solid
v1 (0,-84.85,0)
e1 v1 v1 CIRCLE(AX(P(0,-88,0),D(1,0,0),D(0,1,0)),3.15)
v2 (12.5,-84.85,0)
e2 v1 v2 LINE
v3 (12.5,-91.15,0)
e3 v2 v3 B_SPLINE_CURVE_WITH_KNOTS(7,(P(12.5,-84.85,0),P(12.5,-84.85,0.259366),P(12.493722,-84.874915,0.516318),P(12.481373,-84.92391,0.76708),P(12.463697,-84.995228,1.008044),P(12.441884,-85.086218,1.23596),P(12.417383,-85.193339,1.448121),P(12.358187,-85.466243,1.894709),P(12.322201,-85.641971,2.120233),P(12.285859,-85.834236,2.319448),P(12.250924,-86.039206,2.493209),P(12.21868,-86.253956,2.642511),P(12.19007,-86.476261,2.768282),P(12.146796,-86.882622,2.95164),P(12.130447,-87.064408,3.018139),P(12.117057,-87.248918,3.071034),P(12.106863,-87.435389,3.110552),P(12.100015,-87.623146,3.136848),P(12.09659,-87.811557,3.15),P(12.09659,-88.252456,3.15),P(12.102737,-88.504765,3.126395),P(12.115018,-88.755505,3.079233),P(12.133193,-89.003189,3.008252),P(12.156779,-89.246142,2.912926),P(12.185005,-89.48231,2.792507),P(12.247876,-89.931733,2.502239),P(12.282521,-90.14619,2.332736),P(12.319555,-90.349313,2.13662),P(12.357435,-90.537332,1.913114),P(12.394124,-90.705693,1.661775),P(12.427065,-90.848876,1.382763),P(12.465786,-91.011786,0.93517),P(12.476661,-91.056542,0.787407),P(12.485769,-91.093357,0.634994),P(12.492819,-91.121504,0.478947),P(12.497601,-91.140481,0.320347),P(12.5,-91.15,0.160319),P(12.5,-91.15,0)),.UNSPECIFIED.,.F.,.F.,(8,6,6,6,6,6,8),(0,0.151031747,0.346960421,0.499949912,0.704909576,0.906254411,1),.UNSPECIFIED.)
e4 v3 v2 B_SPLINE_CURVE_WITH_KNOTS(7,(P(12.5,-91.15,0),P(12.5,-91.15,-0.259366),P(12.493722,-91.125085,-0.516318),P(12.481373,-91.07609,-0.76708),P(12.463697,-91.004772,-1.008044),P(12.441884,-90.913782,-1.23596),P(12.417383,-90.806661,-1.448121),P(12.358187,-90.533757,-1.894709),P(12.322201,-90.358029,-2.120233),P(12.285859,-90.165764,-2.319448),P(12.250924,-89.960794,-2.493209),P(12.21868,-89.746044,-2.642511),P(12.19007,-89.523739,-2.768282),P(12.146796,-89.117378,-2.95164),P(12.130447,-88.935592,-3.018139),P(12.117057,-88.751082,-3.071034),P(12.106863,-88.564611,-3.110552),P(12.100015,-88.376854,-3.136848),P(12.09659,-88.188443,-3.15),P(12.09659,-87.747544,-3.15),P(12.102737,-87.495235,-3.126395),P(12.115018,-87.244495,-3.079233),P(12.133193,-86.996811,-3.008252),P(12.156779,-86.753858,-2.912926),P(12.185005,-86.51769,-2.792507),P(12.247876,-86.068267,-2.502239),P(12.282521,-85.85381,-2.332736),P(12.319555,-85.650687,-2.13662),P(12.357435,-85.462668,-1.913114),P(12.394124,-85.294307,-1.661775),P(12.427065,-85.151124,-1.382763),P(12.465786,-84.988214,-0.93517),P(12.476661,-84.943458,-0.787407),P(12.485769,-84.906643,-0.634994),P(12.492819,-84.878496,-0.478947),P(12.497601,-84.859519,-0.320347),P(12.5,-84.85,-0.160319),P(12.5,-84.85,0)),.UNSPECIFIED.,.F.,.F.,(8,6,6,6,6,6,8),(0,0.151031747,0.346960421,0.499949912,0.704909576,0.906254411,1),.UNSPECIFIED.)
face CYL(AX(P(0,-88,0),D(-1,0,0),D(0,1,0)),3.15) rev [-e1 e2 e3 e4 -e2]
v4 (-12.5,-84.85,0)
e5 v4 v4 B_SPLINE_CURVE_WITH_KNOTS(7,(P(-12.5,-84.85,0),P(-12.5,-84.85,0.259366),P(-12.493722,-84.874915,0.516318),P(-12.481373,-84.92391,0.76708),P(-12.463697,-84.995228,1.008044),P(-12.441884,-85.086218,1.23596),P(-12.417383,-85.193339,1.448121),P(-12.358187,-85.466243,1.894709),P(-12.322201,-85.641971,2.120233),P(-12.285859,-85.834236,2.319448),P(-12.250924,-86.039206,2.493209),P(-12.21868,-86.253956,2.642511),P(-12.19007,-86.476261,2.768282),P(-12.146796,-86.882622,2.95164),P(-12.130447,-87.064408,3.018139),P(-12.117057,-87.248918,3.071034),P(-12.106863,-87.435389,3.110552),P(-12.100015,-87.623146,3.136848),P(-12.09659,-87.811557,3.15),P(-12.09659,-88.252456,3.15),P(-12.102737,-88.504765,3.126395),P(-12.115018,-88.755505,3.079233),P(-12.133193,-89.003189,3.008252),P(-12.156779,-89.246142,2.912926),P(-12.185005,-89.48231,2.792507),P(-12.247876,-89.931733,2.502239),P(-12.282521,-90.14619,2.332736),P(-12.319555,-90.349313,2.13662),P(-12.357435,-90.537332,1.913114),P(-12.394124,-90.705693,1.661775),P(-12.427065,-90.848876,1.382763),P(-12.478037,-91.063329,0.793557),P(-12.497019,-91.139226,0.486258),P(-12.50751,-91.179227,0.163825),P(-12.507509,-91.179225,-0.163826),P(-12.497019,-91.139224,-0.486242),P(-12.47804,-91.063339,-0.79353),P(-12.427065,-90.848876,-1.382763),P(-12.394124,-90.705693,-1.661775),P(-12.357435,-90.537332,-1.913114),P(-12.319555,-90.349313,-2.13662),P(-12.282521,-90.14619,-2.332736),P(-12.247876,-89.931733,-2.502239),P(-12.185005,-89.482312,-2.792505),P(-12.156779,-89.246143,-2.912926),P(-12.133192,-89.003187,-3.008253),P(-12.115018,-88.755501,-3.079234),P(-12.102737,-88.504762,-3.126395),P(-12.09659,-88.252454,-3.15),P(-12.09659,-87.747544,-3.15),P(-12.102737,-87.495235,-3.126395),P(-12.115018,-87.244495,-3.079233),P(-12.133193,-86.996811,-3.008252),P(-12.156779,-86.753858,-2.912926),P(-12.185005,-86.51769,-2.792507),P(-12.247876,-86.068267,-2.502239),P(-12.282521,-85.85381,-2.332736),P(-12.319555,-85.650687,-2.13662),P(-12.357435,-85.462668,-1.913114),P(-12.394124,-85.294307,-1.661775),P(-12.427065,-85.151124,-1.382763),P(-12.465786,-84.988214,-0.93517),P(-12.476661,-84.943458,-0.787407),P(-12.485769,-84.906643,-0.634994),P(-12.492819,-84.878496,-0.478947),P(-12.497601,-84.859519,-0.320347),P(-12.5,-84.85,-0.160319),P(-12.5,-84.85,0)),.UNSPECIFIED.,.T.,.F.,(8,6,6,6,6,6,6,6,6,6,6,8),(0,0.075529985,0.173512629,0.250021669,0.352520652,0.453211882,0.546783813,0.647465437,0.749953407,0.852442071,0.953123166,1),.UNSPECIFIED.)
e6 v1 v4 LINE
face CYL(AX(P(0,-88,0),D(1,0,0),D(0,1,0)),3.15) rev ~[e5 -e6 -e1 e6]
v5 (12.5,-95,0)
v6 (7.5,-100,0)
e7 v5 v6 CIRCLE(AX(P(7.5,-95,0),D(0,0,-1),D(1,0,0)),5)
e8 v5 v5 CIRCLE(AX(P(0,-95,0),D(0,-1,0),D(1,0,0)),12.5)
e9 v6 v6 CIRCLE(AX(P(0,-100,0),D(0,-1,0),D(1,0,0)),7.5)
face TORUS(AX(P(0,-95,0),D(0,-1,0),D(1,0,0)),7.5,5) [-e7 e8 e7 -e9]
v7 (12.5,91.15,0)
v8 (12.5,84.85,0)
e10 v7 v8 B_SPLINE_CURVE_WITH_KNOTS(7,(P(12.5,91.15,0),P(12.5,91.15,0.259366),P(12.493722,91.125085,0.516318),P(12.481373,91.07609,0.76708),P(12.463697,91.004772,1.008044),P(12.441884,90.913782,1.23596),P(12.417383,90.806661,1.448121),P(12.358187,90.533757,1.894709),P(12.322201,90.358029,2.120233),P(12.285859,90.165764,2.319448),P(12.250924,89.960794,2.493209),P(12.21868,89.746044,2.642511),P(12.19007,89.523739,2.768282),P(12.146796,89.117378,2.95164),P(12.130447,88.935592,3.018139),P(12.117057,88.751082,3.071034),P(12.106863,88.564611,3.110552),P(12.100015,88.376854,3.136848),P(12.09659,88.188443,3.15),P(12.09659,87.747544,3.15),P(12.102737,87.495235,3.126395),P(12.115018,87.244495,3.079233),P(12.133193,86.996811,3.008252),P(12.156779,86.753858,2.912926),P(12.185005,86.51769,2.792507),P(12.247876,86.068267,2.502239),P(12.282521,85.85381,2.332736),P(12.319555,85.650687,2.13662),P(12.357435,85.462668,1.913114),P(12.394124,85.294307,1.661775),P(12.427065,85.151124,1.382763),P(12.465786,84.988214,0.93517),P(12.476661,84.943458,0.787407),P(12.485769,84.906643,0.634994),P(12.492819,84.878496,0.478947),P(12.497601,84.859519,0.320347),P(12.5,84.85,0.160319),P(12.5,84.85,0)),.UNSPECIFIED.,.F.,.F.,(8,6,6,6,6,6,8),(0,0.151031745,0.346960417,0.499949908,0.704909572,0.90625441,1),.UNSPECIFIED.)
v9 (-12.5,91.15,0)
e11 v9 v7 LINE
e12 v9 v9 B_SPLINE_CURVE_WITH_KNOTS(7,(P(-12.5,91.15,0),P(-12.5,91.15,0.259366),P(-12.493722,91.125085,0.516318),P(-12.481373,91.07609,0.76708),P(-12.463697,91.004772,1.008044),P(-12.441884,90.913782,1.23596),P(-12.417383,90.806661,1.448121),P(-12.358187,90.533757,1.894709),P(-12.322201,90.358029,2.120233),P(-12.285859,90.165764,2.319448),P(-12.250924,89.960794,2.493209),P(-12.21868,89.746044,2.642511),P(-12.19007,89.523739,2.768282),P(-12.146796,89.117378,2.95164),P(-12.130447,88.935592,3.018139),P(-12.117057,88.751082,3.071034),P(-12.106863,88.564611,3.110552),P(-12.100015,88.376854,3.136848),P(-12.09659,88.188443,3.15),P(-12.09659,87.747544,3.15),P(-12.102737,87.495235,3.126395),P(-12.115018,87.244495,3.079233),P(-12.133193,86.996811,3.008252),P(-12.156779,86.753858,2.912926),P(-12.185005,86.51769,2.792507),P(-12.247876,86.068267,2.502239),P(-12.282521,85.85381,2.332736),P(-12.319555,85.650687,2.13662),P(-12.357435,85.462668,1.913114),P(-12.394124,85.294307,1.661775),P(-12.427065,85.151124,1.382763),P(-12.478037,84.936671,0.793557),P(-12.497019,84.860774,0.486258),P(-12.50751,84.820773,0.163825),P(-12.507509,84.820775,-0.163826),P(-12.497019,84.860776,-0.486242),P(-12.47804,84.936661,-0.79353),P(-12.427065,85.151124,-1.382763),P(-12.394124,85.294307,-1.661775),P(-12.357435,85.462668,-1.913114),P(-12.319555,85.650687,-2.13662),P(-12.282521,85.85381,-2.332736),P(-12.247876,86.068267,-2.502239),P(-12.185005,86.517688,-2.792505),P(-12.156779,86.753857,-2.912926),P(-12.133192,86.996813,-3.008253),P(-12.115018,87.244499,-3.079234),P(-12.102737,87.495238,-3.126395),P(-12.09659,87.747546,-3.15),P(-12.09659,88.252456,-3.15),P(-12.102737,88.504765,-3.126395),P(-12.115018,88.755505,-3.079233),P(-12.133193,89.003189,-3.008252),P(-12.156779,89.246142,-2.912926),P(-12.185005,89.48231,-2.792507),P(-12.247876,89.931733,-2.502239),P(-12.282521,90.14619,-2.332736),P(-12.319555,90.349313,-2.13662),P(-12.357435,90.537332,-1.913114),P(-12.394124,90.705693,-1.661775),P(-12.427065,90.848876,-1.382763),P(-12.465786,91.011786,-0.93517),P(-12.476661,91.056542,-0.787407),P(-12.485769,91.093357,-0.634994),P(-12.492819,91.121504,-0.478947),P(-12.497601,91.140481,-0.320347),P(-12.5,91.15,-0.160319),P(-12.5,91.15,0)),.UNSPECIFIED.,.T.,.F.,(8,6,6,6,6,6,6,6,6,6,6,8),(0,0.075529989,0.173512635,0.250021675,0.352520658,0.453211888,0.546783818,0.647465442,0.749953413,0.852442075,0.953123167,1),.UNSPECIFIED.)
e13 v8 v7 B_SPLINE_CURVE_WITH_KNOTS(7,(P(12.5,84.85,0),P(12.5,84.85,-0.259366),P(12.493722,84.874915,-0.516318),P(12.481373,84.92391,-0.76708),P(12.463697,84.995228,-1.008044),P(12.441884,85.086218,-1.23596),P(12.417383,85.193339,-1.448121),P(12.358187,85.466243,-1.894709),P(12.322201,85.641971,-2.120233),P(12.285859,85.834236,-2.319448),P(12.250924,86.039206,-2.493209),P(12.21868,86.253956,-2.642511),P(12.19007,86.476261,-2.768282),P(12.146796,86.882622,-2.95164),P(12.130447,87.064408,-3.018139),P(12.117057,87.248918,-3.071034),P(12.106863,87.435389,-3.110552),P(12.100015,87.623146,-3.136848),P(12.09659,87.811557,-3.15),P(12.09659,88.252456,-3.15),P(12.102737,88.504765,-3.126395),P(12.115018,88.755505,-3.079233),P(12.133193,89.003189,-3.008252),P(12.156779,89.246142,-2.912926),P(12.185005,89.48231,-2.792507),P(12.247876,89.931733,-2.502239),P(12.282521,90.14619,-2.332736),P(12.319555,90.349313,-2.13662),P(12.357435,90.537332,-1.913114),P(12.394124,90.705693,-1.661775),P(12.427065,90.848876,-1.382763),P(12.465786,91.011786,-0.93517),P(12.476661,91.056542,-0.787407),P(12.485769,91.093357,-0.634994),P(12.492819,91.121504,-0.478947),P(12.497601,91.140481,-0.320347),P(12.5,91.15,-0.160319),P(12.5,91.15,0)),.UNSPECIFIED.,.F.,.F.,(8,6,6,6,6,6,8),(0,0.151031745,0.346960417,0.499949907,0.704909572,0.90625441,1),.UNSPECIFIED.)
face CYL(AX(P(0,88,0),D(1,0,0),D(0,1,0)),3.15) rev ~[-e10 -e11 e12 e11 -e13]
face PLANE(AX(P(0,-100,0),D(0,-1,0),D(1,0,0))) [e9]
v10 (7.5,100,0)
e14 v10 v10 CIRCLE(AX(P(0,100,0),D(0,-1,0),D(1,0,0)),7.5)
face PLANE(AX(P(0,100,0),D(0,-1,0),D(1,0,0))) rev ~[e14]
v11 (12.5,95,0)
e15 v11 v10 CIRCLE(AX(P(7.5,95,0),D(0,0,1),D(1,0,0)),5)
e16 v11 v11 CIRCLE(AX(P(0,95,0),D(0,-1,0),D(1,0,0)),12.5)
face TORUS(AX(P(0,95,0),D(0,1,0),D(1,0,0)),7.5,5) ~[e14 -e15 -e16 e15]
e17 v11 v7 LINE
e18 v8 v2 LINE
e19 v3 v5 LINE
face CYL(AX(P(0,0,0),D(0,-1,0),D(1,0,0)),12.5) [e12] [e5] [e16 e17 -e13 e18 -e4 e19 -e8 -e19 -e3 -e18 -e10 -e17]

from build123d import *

# Parameters (mm, degrees)
F0_R     = 12.5
F2_DEPTH = 100
F1_R     = 3.15
F3_DEPTH = 200
F4_R     = 5


with BuildPart() as f2:
    # F0 (on Front) → F2 (new body, symmetric)
    with BuildSketch(Plane.XZ):
        Circle(F0_R)
    extrude(amount=F2_DEPTH, both=True)

    # F1 (on Right) → F3 (cut, symmetric)
    with BuildSketch(Plane.YZ):
        with Locations((-88, 0)):
            Circle(F1_R)
        with Locations((88, 0)):
            Circle(F1_R)
    extrude(amount=F3_DEPTH, both=True, mode=Mode.SUBTRACT)

    # F4
    f4_edges = [f2.edges().sort_by_distance(p)[0] for p in [
        (-12.5, -100, 0),
        (-12.5, 100, 0),
    ]]
    fillet(f4_edges, radius=F4_R)


solid = f2.part
